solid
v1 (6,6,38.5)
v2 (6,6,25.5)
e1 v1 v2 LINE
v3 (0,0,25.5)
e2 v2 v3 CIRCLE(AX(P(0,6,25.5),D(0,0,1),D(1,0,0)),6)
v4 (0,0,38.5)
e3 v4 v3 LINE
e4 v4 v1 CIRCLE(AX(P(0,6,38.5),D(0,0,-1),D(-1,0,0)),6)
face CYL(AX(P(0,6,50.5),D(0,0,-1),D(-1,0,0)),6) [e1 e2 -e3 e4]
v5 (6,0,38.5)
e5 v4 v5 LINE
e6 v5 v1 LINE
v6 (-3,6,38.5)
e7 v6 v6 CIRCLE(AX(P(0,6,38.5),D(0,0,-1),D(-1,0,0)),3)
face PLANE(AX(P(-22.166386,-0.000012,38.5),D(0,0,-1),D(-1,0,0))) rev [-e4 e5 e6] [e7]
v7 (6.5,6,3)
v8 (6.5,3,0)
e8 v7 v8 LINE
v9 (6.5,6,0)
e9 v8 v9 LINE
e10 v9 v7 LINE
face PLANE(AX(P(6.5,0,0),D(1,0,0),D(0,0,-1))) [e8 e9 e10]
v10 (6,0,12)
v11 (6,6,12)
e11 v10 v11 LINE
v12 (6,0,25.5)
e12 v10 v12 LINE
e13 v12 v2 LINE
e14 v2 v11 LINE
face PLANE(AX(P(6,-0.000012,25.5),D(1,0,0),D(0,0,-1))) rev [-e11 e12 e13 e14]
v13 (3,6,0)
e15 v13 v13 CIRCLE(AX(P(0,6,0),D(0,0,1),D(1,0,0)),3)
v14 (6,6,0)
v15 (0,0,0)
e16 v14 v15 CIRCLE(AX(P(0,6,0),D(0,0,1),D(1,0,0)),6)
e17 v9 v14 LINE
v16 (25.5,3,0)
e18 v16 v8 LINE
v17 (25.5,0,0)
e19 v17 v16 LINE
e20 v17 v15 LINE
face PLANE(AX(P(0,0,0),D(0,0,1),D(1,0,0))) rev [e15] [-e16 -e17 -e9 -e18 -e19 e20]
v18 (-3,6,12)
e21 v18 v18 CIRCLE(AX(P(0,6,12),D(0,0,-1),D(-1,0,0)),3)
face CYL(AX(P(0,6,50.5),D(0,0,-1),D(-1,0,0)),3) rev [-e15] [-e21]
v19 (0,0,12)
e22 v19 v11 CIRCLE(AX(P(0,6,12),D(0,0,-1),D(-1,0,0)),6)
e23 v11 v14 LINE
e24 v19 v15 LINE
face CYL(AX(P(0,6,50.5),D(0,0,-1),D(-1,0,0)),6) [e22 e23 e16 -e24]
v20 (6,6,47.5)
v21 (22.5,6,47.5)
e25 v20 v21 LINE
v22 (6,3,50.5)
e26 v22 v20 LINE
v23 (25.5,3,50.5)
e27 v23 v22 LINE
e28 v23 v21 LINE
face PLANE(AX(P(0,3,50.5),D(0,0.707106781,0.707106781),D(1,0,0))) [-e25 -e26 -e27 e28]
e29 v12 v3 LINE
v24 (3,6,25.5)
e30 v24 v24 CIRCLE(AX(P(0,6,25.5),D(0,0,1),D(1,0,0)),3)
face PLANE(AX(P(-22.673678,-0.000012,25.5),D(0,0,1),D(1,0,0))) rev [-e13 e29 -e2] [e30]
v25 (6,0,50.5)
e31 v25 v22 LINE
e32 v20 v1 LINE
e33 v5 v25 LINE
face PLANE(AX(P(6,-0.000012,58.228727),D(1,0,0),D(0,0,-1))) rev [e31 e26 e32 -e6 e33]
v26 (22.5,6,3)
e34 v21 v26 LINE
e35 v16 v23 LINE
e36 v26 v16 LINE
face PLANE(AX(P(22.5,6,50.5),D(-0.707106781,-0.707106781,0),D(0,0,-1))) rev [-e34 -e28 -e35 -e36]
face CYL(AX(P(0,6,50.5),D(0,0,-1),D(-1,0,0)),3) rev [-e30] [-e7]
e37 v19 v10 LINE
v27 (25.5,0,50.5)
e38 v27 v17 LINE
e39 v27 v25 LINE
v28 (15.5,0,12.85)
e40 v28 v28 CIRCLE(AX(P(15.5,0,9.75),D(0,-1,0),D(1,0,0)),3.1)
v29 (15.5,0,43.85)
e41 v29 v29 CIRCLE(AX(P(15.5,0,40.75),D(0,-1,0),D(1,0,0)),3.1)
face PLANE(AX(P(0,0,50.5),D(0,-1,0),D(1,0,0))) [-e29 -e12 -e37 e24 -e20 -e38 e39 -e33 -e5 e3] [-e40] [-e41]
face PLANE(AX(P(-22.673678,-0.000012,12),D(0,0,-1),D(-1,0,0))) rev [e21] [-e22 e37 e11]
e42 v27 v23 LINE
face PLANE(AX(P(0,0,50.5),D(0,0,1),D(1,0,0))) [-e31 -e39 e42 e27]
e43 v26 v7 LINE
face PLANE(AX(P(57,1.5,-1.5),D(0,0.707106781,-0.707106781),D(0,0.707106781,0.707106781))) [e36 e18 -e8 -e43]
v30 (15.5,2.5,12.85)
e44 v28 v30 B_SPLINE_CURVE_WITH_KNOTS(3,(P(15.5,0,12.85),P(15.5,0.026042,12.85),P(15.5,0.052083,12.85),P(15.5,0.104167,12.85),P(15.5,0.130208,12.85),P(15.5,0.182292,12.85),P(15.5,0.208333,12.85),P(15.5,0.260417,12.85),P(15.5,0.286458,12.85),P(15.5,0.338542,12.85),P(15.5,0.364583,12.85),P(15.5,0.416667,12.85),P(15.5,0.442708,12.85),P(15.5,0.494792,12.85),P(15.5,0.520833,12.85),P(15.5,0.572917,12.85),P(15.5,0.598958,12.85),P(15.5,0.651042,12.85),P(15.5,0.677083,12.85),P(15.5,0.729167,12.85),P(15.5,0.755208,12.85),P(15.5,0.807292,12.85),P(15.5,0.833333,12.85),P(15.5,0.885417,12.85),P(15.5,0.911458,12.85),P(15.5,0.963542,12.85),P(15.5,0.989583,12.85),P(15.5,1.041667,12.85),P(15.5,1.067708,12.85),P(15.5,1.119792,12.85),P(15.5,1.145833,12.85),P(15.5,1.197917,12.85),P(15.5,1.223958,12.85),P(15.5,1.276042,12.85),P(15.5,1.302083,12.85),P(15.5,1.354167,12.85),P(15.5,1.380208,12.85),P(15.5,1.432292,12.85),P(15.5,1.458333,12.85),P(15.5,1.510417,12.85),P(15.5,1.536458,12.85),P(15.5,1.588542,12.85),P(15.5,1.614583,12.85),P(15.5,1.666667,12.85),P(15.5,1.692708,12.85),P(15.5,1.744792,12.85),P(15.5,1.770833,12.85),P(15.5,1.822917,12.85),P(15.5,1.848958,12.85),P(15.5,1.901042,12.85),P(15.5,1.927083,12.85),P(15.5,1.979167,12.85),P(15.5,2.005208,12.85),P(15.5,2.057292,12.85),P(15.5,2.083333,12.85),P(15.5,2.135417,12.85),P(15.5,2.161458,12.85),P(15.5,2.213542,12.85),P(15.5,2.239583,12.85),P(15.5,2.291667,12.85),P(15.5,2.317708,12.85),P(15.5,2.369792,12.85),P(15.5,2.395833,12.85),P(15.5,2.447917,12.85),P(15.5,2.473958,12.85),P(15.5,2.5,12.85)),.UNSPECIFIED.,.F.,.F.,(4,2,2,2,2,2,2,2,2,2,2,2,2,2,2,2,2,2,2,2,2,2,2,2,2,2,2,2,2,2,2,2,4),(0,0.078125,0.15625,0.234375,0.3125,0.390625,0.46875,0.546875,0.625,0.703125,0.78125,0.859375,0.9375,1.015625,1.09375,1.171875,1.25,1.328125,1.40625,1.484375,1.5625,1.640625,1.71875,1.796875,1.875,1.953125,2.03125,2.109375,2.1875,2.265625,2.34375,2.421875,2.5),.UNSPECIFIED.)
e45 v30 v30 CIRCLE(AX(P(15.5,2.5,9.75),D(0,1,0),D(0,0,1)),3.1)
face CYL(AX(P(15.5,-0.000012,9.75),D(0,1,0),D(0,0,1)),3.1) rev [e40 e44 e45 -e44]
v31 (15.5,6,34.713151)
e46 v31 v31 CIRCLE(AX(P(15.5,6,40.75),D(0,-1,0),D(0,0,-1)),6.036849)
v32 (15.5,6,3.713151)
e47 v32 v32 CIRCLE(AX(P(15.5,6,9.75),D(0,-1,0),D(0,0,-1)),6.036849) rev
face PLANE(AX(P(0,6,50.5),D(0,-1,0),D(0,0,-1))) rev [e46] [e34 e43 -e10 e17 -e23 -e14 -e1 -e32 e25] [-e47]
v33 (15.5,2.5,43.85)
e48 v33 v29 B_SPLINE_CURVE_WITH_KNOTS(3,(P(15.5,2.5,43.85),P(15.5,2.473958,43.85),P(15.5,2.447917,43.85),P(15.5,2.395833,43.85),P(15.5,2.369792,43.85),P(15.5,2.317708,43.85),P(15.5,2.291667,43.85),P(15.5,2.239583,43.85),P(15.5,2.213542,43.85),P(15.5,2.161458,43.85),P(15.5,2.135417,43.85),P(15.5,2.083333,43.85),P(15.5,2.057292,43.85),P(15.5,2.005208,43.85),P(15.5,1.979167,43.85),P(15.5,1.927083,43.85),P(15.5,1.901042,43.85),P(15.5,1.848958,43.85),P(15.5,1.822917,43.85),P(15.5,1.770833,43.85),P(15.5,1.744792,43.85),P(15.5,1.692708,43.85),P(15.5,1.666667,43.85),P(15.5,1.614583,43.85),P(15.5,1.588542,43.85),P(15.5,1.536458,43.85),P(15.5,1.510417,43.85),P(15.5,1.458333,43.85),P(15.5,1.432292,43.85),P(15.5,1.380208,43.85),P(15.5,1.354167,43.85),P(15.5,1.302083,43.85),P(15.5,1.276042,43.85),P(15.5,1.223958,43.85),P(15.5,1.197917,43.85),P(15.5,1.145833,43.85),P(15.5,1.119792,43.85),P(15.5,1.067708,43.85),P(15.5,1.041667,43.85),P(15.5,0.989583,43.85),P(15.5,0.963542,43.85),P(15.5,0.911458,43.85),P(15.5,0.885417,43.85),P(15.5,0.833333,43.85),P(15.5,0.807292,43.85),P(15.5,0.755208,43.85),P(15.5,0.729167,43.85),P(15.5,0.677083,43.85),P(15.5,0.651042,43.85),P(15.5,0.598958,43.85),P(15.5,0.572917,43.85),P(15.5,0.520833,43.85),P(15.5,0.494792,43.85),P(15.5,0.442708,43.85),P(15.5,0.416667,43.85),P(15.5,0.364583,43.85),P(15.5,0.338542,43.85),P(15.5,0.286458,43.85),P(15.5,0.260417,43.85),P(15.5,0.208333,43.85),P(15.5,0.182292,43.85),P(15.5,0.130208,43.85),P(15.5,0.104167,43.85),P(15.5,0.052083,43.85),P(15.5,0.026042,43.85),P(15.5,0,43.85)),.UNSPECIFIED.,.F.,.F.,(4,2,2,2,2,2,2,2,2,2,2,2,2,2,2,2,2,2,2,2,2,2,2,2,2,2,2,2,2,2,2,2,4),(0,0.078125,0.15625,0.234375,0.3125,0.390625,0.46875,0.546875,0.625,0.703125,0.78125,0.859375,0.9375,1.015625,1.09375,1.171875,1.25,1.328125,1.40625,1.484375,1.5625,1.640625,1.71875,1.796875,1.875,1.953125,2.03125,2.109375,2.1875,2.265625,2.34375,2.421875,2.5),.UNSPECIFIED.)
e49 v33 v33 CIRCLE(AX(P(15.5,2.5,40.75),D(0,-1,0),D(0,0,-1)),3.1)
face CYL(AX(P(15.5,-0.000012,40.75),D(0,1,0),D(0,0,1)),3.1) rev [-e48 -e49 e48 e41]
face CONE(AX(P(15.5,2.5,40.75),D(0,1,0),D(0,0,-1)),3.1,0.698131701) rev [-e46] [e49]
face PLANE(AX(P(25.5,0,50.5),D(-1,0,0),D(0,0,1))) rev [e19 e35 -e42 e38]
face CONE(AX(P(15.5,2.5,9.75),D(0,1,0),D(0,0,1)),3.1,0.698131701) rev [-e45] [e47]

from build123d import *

# Parameters (mm, degrees)
SKETCH_1_R                    = 3
EXTRUDE_1_DEPTH               = 50.5
CUT_EXTRUDE_2_DEPTH           = 50.5
CUT_EXTRUDE_2_DEPTH_BACK      = 58.831652233
SKETCH_3_R                    = 3.1
SKETCH_3_W                    = 28.166385617
SKETCH_3_H                    = 19.728727066
SKETCH_3_W_2                  = 28.6736781
SKETCH_3_H_2                  = 13.5
CUT_EXTRUDE_START             = 6.5
CUT_EXTRUDE_3_DEPTH           = 50.5
CHAMFER_1_SIZE                = 3
CUT_EXTRUDE_START_2           = 2.5
SKETCH_3_2_R                  = 3.1
CUT_EXTRUDE_5_DEPTH           = 10
CUT_EXTRUDE_5_DRAFT           = -40
CUT_EXTRUDE_5_PROFILE_2_DEPTH = 10
CUT_EXTRUDE_5_PROFILE_2_DRAFT = -40


with BuildPart() as part:
    # Эскиз1 → Бобышка-Вытянуть1 (new body)
    with BuildSketch(Plane.XY):
        with BuildLine():
            Line((0, 0), (25.5, 0))
            Line((25.5, 0), (25.5, 6))
            Line((25.5, 6), (6, 6))
            ThreePointArc((6, 6), (-4.242640687, 10.242640687), (0, 0))
        make_face()
        with Locations((0, 6)):
            Circle(SKETCH_1_R, mode=Mode.SUBTRACT)
    extrude(amount=EXTRUDE_1_DEPTH)

    # Эскиз3 → Вырез-Вытянуть2 (cut, two sides: drawn at the far end of the back side and taken through both)
    with BuildSketch(Plane(origin=(0, 0, 0), x_dir=(1, 0, 0), z_dir=(0, 1, 0)).offset(-CUT_EXTRUDE_2_DEPTH_BACK)):
        with Locations((15.5, -9.75)):
            Circle(SKETCH_3_R)
        with Locations((15.5, -40.75)):
            Circle(SKETCH_3_R)
        with Locations((-8.083192809, -48.364363533)):
            Rectangle(SKETCH_3_W, SKETCH_3_H)
        with Locations((-8.33683905, -18.75)):
            Rectangle(SKETCH_3_W_2, SKETCH_3_H_2)
    extrude(amount=CUT_EXTRUDE_2_DEPTH + CUT_EXTRUDE_2_DEPTH_BACK, mode=Mode.SUBTRACT)

    # Эскиз4 → Вырез-Вытянуть3 (cut)
    with BuildSketch(Plane(origin=(0, 0, 0), x_dir=(0, 0, -1), z_dir=(1, 0, 0)).offset(CUT_EXTRUDE_START)):
        Polygon((0, 6), (-3, 6), (0, 3), align=None)
    extrude(amount=CUT_EXTRUDE_3_DEPTH, mode=Mode.SUBTRACT)

    # Фаска1
    chamfer_1_edges = [part.edges().sort_by_distance(p)[0] for p in [
        (15.75, 6, 50.5),
        (25.5, 6, 26.75),
    ]]
    chamfer(chamfer_1_edges, length=CHAMFER_1_SIZE)


with BuildPart() as cut_extrude_5_tool:
    # Эскиз3<2> → Вырез-Вытянуть5 (with draft: the straight prism first)
    with BuildSketch(Plane(origin=(0, 0, 0), x_dir=(1, 0, 0), z_dir=(0, 1, 0)).offset(CUT_EXTRUDE_START_2)):
        with Locations((15.5, -9.75)):
            Circle(SKETCH_3_2_R)
    extrude(amount=CUT_EXTRUDE_5_DEPTH)
    # Вырез-Вытянуть5: the draft: its side faces are tilted about the plane it starts from
    cut_extrude_5_sides = [cut_extrude_5_tool.faces().sort_by_distance(p)[0] for p in [
        (12.4, 7.5, 9.75),
    ]]
    draft(cut_extrude_5_sides, Plane(origin=(0, 0, 0), x_dir=(1, 0, 0), z_dir=(0, 1, 0)).offset(CUT_EXTRUDE_START_2), CUT_EXTRUDE_5_DRAFT)


with BuildPart() as part_1:
    add(part.part)

    # Вырез-Вытянуть5: cut by cut_extrude_5_tool
    add(cut_extrude_5_tool.part, mode=Mode.SUBTRACT)


with BuildPart() as cut_extrude_5_profile_2_tool:
    # Эскиз3<2> → Вырез-Вытянуть5 profile 2 (with draft: the straight prism first)
    with BuildSketch(Plane(origin=(0, 0, 0), x_dir=(1, 0, 0), z_dir=(0, 1, 0)).offset(CUT_EXTRUDE_START_2)):
        with Locations((15.5, -40.75)):
            Circle(SKETCH_3_2_R)
    extrude(amount=CUT_EXTRUDE_5_PROFILE_2_DEPTH)
    # Вырез-Вытянуть5 profile 2: the draft: its side faces are tilted about the plane it starts from
    cut_extrude_5_profile_2_sides = [cut_extrude_5_profile_2_tool.faces().sort_by_distance(p)[0] for p in [
        (12.4, 7.5, 40.75),
    ]]
    draft(cut_extrude_5_profile_2_sides, Plane(origin=(0, 0, 0), x_dir=(1, 0, 0), z_dir=(0, 1, 0)).offset(CUT_EXTRUDE_START_2), CUT_EXTRUDE_5_PROFILE_2_DRAFT)


with BuildPart() as part_2:
    add(part_1.part)

    # Вырез-Вытянуть5 profile 2: cut by cut_extrude_5_profile_2_tool
    add(cut_extrude_5_profile_2_tool.part, mode=Mode.SUBTRACT)


solid = part_2.part
